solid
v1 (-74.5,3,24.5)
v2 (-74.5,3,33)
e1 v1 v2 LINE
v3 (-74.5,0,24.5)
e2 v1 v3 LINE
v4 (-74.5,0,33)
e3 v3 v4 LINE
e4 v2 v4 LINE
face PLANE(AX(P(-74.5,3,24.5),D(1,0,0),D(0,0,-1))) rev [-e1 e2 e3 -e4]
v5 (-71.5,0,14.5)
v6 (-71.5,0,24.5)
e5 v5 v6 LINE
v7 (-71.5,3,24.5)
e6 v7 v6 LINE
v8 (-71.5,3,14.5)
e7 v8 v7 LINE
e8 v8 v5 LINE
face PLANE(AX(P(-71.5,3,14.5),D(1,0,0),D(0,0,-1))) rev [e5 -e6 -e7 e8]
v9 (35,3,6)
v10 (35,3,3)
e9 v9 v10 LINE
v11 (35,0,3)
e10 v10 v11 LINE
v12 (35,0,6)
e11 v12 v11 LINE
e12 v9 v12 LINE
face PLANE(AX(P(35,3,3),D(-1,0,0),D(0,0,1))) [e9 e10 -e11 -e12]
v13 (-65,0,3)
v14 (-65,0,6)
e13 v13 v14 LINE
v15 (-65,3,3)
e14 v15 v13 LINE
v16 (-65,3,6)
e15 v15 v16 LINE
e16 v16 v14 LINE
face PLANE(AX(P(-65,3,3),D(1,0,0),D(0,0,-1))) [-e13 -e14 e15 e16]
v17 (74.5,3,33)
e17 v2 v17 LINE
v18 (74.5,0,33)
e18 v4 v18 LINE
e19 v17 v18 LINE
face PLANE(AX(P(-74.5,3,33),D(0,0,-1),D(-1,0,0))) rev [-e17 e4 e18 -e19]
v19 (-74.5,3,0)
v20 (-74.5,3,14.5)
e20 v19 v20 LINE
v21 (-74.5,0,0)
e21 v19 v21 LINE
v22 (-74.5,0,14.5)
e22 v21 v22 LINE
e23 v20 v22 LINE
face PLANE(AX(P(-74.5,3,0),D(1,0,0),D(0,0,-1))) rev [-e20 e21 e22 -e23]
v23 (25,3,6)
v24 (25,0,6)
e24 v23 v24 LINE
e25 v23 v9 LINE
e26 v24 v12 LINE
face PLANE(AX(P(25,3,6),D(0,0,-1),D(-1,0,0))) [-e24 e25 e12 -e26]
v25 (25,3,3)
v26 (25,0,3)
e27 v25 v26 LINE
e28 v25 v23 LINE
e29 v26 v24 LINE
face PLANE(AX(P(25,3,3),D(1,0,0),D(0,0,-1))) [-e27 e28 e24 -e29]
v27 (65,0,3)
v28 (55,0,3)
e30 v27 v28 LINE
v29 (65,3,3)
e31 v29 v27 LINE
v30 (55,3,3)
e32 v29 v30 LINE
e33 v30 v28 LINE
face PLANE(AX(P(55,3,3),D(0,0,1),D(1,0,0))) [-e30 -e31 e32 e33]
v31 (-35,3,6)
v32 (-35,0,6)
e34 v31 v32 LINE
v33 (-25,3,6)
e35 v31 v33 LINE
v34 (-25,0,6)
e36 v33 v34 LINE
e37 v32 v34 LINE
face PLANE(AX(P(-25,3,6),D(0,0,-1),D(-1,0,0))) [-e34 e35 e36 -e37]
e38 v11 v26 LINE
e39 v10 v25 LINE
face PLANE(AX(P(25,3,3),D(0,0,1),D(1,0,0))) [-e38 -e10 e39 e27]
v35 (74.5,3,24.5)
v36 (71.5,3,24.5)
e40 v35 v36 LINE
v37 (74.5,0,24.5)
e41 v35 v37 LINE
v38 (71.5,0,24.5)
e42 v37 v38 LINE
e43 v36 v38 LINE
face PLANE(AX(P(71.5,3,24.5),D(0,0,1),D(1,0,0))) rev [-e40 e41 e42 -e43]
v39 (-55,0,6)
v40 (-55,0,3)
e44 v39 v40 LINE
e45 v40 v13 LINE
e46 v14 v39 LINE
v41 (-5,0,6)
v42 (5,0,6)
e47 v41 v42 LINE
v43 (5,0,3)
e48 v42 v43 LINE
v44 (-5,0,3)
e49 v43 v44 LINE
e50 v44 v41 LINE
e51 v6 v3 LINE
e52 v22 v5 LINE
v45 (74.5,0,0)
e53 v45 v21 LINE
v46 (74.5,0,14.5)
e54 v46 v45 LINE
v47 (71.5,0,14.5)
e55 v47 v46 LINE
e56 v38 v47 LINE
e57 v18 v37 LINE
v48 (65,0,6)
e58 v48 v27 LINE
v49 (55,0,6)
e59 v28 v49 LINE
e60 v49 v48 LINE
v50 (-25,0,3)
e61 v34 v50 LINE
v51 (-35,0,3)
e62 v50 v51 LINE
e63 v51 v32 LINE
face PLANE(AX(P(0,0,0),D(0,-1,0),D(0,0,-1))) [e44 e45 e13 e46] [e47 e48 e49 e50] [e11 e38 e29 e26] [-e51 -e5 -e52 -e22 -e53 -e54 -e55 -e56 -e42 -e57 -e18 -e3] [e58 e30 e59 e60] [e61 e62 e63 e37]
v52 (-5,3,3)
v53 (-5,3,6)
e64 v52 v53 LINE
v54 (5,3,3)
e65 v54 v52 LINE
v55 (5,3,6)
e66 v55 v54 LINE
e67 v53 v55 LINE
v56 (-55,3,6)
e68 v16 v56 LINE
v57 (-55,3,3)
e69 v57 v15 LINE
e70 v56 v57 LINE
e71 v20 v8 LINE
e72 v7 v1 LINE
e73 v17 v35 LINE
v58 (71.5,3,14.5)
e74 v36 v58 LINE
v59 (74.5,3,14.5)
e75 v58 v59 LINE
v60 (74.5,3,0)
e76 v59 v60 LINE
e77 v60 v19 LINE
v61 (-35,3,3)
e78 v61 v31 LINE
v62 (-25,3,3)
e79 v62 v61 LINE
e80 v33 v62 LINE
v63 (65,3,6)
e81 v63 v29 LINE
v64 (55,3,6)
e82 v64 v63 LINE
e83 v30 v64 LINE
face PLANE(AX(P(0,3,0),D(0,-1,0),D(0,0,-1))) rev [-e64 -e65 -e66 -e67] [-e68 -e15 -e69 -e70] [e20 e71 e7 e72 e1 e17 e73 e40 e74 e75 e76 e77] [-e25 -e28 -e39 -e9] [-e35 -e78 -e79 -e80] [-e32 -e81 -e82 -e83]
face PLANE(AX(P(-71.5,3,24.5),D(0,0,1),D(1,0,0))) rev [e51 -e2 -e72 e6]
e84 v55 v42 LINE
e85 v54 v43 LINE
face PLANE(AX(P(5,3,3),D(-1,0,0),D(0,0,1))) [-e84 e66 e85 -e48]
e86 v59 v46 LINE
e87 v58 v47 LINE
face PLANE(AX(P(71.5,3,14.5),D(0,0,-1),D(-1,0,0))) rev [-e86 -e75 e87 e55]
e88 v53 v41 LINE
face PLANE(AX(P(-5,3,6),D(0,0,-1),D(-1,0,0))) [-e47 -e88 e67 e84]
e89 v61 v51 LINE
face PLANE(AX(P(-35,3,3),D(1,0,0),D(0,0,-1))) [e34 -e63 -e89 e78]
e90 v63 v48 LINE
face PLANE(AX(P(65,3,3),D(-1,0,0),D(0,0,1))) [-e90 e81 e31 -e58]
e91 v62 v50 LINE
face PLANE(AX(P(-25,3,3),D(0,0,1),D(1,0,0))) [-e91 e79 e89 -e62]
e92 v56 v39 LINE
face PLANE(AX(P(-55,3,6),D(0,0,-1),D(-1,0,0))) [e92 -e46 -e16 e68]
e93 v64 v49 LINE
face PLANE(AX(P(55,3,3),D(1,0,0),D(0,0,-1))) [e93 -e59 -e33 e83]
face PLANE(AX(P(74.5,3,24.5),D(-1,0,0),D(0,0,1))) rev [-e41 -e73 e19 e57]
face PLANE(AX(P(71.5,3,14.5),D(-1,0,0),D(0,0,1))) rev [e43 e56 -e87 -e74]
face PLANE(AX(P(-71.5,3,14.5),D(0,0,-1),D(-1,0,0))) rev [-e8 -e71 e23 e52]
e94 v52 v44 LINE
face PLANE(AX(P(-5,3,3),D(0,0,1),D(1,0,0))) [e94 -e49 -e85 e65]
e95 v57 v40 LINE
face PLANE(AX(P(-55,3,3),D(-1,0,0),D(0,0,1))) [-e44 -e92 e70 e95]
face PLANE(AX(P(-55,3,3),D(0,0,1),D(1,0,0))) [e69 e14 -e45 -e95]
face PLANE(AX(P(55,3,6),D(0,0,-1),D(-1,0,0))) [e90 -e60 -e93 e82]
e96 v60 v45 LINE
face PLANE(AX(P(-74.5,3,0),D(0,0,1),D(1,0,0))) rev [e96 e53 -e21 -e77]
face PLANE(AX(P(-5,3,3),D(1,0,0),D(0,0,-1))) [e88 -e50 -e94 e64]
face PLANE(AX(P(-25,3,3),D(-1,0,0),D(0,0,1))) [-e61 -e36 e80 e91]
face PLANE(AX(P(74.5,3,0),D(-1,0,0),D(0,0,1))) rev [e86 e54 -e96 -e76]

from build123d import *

# Parameters (mm, degrees)
SKETCH1_W           = 10
SKETCH1_H           = 3
BOSS_EXTRUDE1_DEPTH = 3


with BuildPart() as part:
    # Sketch1 → Boss-Extrude1 (new body)
    with BuildSketch(Plane(origin=(0, 0, 0), x_dir=(1, 0, 0), z_dir=(0, 1, 0))):
        Polygon((-74.5, 0), (74.5, 0), (74.5, -14.5), (71.5, -14.5), (71.5, -24.5), (74.5, -24.5), (74.5, -33), (-74.5, -33), (-74.5, -24.5), (-71.5, -24.5), (-71.5, -14.5), (-74.5, -14.5), align=None)
        with Locations((0, -4.5)):
            Rectangle(SKETCH1_W, SKETCH1_H, mode=Mode.SUBTRACT)
        with Locations((30, -4.5)):
            Rectangle(SKETCH1_W, SKETCH1_H, mode=Mode.SUBTRACT)
        with Locations((60, -4.5)):
            Rectangle(SKETCH1_W, SKETCH1_H, mode=Mode.SUBTRACT)
        with Locations((-60, -4.5)):
            Rectangle(SKETCH1_W, SKETCH1_H, mode=Mode.SUBTRACT)
        with Locations((-30, -4.5)):
            Rectangle(SKETCH1_W, SKETCH1_H, mode=Mode.SUBTRACT)
    extrude(amount=BOSS_EXTRUDE1_DEPTH)


solid = part.part
